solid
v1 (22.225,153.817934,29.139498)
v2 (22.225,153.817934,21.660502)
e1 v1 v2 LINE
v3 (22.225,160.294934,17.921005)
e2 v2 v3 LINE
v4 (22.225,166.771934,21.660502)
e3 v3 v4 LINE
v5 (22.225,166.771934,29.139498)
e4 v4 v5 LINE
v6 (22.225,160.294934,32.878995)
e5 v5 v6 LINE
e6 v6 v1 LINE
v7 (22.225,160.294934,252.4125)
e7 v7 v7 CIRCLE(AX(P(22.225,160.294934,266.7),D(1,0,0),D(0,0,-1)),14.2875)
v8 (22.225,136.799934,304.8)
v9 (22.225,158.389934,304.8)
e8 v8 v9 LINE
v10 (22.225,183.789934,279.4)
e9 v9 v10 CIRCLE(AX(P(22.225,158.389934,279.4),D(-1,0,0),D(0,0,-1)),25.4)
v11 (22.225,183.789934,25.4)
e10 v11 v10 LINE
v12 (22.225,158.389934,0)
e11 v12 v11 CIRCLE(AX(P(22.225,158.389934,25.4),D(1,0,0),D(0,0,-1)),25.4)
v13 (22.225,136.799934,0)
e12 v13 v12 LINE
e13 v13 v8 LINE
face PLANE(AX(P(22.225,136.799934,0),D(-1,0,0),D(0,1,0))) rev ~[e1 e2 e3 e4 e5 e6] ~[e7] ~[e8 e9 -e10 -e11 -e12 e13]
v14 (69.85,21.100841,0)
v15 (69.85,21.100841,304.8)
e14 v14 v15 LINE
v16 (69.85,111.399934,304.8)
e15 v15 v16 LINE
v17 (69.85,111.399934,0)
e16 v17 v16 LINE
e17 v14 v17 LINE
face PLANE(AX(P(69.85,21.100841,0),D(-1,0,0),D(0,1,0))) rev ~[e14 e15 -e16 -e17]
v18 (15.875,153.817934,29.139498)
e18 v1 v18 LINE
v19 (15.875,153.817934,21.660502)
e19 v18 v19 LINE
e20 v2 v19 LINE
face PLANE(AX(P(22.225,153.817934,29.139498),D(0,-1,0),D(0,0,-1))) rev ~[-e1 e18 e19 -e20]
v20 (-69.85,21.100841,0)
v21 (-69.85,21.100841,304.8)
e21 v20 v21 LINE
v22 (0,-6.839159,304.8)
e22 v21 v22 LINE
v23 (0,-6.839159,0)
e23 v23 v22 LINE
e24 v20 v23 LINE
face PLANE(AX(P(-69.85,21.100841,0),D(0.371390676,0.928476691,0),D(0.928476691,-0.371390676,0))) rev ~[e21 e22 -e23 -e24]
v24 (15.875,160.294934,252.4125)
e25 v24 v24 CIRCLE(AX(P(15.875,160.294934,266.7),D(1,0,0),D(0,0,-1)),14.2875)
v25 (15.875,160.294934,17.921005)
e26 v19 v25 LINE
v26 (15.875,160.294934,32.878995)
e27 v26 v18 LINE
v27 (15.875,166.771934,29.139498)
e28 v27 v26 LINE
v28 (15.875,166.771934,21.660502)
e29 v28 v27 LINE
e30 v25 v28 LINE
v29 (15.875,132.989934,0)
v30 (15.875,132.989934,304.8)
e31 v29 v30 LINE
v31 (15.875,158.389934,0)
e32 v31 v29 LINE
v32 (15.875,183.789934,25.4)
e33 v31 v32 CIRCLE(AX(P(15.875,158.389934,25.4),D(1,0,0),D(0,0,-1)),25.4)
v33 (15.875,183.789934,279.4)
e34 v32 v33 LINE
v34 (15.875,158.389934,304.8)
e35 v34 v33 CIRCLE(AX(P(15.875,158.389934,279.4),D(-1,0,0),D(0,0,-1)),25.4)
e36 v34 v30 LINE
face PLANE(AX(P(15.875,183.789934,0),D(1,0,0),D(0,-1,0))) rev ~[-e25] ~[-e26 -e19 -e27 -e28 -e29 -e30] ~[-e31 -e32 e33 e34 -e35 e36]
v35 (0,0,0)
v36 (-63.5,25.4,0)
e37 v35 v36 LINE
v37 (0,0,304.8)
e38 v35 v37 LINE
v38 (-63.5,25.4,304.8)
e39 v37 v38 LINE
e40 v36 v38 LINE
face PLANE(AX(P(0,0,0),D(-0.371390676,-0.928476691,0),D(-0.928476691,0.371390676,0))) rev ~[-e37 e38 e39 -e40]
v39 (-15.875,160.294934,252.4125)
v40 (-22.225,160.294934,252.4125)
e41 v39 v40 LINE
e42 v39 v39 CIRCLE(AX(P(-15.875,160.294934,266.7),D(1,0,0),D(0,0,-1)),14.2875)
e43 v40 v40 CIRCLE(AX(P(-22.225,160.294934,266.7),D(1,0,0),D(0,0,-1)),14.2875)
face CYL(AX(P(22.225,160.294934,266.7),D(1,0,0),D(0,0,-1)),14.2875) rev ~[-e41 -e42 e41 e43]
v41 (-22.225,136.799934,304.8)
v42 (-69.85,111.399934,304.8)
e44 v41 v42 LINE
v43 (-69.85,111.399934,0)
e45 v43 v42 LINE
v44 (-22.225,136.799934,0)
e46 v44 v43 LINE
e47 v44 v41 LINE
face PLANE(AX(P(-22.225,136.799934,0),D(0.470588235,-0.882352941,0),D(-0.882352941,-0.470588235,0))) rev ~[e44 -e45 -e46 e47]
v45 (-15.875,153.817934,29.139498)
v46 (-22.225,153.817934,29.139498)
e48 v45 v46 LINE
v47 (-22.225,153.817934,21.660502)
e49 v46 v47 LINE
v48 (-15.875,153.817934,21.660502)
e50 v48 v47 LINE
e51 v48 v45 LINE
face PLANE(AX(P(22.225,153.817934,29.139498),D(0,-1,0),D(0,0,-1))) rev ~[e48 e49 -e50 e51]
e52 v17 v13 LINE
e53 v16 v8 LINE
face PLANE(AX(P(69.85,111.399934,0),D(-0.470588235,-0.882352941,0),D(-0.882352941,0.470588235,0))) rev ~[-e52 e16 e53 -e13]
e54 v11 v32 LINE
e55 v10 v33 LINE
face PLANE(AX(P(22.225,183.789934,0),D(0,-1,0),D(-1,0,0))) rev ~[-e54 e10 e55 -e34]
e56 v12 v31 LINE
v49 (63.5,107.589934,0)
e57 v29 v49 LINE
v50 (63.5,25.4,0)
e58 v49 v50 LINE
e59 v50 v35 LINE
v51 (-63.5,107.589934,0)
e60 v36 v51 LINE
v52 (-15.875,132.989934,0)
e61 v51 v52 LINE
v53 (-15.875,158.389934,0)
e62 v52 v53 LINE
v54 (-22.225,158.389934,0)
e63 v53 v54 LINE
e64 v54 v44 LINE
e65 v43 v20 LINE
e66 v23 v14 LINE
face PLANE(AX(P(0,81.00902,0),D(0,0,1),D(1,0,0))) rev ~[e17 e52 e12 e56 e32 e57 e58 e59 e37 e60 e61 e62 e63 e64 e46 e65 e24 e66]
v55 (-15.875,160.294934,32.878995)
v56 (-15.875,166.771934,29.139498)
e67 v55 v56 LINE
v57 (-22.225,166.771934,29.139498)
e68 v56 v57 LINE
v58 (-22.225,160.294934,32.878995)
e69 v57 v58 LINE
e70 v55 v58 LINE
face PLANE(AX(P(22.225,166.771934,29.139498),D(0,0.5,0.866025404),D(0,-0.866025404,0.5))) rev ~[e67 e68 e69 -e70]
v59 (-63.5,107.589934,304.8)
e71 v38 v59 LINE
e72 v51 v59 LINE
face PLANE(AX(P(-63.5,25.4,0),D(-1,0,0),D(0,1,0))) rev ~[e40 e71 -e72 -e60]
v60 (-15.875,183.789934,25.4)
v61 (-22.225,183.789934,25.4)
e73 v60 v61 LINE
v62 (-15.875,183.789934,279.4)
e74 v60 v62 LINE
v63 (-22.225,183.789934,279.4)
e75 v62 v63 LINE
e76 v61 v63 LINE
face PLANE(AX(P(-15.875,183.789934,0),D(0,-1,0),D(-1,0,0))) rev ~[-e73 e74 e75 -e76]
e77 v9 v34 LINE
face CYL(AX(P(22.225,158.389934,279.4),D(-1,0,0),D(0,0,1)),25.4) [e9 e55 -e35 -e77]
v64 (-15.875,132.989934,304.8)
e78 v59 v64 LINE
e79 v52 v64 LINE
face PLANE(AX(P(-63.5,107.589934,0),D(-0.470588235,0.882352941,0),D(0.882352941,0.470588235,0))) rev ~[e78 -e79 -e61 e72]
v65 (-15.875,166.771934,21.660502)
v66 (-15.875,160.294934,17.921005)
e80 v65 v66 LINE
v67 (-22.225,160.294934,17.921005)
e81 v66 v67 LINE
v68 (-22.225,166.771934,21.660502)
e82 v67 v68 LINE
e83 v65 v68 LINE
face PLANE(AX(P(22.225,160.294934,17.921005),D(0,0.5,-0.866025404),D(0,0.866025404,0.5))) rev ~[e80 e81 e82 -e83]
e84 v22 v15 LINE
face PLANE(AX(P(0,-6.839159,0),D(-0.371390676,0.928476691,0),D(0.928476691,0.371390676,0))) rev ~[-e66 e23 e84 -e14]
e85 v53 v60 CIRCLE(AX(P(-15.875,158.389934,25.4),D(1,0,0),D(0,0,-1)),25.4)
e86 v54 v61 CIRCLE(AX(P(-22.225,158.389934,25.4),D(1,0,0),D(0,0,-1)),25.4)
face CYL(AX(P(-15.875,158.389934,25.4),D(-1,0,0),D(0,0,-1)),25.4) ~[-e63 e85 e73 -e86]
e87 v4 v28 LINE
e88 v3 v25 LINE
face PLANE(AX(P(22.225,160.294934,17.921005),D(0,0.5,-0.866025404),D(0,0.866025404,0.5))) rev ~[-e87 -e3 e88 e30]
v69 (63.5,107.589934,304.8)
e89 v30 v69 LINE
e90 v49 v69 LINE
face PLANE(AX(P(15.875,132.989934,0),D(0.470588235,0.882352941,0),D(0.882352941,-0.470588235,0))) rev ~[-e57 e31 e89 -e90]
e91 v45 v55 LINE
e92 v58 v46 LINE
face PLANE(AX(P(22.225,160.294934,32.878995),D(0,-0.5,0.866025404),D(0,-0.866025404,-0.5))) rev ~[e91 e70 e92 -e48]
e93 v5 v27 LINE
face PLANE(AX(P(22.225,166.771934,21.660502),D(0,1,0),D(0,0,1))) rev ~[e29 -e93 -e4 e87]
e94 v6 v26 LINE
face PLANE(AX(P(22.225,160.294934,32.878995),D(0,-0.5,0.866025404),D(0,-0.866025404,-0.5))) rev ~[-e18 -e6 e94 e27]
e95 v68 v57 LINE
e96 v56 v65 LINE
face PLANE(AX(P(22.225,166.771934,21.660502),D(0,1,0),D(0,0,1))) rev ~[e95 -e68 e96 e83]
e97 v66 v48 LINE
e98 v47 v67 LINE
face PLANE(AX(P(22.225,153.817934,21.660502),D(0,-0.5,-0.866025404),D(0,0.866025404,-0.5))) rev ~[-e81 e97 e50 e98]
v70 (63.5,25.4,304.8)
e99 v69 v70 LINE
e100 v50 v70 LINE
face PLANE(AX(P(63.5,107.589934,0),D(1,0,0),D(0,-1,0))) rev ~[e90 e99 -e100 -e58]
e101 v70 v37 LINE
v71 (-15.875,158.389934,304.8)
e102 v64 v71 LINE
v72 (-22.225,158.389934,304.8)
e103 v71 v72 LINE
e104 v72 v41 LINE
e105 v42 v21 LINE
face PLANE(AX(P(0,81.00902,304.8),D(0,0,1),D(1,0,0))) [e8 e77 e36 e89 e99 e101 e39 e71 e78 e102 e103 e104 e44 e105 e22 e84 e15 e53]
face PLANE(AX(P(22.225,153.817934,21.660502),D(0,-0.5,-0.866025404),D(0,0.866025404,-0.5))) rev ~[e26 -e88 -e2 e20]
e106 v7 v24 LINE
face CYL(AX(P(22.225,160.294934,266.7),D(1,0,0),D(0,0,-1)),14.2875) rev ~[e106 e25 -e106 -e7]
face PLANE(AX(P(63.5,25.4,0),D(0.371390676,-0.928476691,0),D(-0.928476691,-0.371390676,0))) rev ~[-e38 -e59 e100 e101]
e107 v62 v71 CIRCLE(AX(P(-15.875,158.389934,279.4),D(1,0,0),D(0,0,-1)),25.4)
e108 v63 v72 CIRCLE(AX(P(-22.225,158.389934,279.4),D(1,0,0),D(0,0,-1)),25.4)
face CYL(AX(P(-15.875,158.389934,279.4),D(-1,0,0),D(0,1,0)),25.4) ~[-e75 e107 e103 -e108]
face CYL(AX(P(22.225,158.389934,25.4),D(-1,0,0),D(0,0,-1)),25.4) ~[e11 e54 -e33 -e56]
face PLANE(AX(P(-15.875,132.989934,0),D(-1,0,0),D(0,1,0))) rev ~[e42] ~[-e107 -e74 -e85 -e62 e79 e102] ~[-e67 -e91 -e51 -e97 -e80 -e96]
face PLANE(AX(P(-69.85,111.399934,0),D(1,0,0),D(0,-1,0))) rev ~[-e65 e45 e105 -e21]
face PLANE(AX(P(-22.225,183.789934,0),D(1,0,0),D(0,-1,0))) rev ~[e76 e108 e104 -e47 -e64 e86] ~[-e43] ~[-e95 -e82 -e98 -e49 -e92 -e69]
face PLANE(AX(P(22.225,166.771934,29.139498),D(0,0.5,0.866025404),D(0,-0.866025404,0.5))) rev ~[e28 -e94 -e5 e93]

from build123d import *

# Parameters (mm, degrees)
BOSS_EXTRUDE1_DEPTH = 304.8
SKETCH2_R           = 14.2875
CUT_EXTRUDE1_DEPTH  = 304.8
FILLET1_R           = 25.4
FILLET2_R           = 25.4


with BuildPart() as part:
    # Sketch1 → Boss-Extrude1 (new body)
    with BuildSketch(Plane.XY):
        Polygon((0, 0), (-63.5, 25.4), (-63.5, 107.589933746), (-15.875, 132.989933746), (-15.875, 183.789933746), (-22.225, 183.789933746), (-22.225, 136.799933746), (-69.85, 111.399933746), (-69.85, 21.100840695), (0, -6.839159305), (69.85, 21.100840695), (69.85, 111.399933746), (22.225, 136.799933746), (22.225, 183.789933746), (15.875, 183.789933746), (15.875, 132.989933746), (63.5, 107.589933746), (63.5, 25.4), align=None)
    extrude(amount=BOSS_EXTRUDE1_DEPTH)

    # Sketch2 → Cut-Extrude1 (cut)
    with BuildSketch(Plane(origin=(22.225, 0, 0), x_dir=(0, 0, -1), z_dir=(1, 0, 0))):
        with Locations((-266.7, 160.294933746)):
            Circle(SKETCH2_R)
        Polygon((-17.921004613, 160.294933746), (-21.660502306, 166.771933746), (-29.139497694, 166.771933746), (-32.878995387, 160.294933746), (-29.139497694, 153.817933746), (-21.660502306, 153.817933746), align=None)
    extrude(amount=-CUT_EXTRUDE1_DEPTH, mode=Mode.SUBTRACT)

    # Fillet1
    fillet1_edges = [part.edges().sort_by_distance(p)[0] for p in [
        (19.05, 183.789933746, 0),
        (-19.05, 183.789933746, 0),
    ]]
    fillet(fillet1_edges, radius=FILLET1_R)

    # Fillet2
    fillet2_edges = [part.edges().sort_by_distance(p)[0] for p in [
        (-19.05, 183.789933746, 304.8),
        (19.05, 183.789933746, 304.8),
    ]]
    fillet(fillet2_edges, radius=FILLET2_R)


solid = part.part
